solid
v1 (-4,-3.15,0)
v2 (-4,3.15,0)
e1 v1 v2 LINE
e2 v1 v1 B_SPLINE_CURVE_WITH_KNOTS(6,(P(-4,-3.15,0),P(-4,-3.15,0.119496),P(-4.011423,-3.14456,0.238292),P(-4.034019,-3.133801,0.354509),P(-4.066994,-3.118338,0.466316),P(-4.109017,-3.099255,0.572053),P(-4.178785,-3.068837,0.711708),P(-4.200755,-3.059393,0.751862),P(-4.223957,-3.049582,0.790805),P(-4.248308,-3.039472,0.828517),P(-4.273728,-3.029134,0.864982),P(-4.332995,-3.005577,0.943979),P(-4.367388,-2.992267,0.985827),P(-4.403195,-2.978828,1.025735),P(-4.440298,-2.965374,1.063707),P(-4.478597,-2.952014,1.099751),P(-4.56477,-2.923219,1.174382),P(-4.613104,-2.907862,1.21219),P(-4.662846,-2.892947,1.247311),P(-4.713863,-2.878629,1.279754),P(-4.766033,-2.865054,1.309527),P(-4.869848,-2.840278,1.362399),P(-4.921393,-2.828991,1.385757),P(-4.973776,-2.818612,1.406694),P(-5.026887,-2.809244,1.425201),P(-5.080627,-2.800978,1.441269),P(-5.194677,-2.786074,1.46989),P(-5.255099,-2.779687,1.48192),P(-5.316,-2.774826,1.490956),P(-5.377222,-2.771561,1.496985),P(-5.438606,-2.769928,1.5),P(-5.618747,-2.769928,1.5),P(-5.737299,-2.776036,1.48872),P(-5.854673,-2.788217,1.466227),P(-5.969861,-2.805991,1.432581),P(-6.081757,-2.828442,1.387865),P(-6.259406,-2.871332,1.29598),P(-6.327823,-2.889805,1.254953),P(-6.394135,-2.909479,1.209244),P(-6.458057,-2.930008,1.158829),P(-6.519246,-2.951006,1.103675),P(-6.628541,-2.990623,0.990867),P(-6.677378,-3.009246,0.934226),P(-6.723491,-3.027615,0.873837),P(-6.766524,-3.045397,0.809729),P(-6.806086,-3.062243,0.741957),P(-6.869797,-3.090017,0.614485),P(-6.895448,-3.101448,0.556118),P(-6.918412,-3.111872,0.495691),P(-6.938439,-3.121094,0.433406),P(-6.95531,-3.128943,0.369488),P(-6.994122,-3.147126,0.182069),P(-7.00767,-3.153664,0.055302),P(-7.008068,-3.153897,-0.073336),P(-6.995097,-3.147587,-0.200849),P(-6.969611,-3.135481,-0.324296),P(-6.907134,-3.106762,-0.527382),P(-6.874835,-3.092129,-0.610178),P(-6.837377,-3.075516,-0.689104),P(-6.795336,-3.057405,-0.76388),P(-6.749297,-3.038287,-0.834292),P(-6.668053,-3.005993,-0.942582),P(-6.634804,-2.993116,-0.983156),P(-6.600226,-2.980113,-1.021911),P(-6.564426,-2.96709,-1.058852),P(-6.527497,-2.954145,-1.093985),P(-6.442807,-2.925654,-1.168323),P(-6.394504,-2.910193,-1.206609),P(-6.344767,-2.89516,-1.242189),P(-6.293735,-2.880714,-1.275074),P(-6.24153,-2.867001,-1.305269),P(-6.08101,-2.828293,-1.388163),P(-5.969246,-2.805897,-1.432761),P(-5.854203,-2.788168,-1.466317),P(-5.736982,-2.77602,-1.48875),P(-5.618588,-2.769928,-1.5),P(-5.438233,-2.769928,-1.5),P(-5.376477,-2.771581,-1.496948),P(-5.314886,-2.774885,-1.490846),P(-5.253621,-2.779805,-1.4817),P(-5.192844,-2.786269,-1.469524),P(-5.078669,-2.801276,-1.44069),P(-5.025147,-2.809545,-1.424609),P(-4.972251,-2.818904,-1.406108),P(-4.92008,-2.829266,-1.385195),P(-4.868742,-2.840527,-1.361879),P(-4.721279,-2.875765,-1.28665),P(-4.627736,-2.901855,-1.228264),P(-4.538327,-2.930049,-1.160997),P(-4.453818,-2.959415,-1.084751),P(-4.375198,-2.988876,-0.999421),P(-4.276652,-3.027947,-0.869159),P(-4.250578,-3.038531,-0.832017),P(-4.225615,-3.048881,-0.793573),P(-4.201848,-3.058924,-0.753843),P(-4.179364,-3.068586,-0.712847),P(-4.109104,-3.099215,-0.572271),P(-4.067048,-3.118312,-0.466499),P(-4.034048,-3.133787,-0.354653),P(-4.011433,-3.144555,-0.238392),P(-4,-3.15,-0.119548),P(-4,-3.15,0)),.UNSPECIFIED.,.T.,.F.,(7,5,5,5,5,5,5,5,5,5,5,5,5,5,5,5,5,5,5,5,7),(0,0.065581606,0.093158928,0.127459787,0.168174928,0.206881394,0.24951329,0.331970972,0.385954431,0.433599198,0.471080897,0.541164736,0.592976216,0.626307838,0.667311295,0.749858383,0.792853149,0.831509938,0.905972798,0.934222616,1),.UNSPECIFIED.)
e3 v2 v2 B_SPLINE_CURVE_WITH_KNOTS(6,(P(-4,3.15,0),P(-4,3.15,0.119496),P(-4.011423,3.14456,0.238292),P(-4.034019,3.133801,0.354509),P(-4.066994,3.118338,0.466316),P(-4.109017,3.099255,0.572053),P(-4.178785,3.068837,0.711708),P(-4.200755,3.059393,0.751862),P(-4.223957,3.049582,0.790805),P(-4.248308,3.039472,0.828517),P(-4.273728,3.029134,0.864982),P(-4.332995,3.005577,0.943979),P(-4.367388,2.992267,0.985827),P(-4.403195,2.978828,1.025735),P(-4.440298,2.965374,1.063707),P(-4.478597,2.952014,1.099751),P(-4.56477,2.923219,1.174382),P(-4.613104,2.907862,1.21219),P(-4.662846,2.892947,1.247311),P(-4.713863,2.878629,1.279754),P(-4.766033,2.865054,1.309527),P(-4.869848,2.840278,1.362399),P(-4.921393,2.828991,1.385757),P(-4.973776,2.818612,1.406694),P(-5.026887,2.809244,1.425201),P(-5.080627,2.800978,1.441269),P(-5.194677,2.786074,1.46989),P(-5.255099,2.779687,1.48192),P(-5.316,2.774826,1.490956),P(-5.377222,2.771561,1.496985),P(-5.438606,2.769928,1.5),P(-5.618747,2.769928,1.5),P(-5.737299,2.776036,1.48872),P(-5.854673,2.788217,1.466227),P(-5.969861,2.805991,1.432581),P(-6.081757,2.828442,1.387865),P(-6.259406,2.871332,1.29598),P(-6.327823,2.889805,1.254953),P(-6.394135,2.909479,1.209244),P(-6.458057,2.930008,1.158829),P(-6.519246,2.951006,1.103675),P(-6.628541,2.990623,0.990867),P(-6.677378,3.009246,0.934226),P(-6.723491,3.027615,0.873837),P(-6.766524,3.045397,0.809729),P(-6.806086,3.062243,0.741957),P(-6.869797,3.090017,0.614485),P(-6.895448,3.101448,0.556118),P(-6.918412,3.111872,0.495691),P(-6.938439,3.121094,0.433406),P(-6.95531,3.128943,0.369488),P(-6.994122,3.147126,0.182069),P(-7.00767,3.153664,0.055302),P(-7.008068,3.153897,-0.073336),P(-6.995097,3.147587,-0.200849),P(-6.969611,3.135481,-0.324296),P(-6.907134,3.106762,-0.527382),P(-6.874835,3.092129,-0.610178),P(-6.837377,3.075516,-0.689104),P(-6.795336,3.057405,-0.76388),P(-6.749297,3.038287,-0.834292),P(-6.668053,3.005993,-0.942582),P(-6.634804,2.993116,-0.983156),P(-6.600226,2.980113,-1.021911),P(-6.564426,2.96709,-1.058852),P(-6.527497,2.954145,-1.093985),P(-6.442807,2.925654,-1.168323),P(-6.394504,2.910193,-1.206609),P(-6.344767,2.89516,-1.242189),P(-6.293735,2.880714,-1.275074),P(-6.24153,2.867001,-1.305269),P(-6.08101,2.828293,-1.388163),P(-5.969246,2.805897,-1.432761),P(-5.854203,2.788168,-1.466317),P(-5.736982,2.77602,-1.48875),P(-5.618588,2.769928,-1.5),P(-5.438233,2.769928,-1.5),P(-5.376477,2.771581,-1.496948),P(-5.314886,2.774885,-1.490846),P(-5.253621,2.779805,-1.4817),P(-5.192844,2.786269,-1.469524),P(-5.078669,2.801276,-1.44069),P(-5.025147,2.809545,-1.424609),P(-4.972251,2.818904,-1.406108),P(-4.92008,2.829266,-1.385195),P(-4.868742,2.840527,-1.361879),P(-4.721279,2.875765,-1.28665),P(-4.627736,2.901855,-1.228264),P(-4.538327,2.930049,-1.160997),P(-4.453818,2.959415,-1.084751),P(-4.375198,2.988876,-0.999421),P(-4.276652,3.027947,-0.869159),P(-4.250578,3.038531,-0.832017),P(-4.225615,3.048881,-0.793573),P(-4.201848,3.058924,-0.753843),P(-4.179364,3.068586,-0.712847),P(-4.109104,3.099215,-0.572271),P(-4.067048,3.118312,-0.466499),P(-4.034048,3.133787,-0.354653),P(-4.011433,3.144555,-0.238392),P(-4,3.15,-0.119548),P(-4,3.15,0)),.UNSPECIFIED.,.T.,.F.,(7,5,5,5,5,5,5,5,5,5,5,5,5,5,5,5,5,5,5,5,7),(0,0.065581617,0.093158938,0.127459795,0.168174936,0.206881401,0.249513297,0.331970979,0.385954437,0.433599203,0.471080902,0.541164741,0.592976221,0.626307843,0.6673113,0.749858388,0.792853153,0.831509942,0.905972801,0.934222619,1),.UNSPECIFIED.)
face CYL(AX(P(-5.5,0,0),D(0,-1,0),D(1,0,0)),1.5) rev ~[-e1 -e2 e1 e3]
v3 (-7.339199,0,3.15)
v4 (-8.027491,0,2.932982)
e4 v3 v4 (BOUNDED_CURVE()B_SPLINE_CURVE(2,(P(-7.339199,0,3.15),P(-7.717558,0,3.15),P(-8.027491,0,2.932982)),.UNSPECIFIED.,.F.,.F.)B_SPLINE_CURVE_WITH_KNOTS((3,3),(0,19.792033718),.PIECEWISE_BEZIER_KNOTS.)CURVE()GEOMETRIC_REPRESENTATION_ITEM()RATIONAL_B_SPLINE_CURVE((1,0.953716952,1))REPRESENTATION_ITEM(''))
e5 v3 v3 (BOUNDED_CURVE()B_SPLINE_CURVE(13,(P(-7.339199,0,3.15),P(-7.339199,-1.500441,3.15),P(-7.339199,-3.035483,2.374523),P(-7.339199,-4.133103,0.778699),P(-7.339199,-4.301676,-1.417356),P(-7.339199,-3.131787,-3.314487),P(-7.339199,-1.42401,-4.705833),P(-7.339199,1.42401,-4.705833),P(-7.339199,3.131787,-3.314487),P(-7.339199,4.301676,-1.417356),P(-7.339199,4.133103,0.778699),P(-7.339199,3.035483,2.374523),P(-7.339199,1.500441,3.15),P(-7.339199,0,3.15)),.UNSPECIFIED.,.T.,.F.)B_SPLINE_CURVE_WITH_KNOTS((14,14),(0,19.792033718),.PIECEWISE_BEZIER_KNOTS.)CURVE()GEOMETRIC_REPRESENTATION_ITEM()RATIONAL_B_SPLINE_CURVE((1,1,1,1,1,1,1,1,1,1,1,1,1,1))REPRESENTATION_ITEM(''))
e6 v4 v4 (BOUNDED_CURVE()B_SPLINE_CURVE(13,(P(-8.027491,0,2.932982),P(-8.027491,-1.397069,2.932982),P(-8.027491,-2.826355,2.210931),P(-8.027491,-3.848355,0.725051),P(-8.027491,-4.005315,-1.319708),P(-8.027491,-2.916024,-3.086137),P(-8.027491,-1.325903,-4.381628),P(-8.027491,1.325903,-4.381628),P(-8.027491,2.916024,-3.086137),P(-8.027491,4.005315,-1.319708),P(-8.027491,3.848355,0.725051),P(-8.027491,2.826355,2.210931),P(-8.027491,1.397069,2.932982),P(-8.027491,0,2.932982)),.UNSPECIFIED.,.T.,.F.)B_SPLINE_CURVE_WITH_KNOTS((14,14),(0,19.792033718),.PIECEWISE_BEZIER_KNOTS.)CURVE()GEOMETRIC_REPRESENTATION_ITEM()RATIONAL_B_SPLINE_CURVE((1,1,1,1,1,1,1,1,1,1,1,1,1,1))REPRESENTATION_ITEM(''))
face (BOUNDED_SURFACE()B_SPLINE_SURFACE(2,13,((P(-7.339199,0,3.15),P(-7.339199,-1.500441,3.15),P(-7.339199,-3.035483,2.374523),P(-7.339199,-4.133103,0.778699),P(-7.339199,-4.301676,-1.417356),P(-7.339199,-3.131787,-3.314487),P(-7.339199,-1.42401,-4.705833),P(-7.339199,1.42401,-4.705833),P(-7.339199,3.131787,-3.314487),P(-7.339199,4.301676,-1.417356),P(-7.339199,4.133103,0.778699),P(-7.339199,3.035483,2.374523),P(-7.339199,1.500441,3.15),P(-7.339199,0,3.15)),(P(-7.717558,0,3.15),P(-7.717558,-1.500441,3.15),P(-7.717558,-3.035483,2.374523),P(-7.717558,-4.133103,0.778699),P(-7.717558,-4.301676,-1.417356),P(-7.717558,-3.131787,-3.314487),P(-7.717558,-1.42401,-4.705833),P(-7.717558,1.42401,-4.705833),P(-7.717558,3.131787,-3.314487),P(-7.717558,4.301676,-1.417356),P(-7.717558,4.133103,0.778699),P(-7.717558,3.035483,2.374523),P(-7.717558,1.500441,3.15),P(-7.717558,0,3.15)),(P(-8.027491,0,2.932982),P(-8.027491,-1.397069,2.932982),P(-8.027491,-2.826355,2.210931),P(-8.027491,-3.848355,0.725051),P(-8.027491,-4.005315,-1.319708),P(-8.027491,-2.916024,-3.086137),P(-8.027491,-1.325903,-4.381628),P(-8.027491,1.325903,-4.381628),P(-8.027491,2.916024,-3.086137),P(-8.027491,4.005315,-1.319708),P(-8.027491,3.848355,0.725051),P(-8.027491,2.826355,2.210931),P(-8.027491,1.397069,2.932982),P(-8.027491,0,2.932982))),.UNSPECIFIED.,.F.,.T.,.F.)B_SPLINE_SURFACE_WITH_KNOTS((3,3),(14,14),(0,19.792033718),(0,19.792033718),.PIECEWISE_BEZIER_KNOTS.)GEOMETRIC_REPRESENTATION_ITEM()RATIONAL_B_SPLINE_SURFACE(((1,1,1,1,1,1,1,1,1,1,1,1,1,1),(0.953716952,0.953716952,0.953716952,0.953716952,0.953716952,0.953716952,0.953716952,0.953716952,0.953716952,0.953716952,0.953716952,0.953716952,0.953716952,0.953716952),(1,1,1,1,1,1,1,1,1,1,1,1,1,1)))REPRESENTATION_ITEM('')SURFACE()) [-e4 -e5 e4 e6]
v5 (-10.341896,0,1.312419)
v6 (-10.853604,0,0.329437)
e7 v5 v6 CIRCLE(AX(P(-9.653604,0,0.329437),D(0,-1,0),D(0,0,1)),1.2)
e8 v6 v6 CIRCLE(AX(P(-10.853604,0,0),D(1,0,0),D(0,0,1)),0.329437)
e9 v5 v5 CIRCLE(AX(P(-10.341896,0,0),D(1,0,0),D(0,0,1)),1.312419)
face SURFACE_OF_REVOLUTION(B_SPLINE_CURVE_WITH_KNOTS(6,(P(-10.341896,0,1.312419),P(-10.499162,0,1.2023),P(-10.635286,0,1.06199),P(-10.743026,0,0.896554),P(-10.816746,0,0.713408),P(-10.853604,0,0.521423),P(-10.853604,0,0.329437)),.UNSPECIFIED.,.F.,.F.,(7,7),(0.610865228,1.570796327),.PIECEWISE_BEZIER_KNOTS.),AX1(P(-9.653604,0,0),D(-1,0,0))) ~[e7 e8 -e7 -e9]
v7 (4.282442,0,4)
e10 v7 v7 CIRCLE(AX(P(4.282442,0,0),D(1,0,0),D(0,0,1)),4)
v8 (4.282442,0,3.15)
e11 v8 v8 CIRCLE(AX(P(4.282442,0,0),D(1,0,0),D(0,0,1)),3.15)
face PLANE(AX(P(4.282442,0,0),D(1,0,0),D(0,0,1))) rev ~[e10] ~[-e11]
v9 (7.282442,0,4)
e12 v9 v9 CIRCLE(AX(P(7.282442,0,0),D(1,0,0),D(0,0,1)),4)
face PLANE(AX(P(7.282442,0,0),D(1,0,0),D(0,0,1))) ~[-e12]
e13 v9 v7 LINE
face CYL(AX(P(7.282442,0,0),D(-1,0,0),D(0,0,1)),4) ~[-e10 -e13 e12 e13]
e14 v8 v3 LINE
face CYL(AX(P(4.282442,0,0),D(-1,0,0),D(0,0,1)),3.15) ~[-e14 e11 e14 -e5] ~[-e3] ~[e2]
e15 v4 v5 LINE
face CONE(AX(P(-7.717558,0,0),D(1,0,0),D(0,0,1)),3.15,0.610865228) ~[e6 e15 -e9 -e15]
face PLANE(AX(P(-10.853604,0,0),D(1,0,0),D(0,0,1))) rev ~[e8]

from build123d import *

# Parameters (mm, degrees)
F2_R     = 1.2
F3_R     = 1.5
F4_DEPTH = 4.001
F5_R     = 1.5
F6_DEPTH = 4.001


with BuildPart() as f1:
    # F0 (on Front) → F1 (revolve)
    with BuildSketch(Plane.XZ):
        Polygon((4.282442, 3.15), (-7.717558, 3.15), (-10.853604, 0.954117), (-10.853604, 0), (7.282442, 0), (7.282442, 4), (4.282442, 4), align=None)
    revolve(axis=Axis((2.625406, 0, 0), (1, 0, 0)))

    # F2
    f2_edges = [f1.edges().sort_by_distance(p)[0] for p in [
        (-10.853604, 0, -0.954117),
        (-7.717558, 0, -3.15),
    ]]
    fillet(f2_edges, radius=F2_R)

    # F3 (on Front) → F4 (cut, through all)
    with BuildSketch(Plane.XZ):
        with Locations((-5.5, 0)):
            Circle(F3_R)
    extrude(amount=F4_DEPTH, mode=Mode.SUBTRACT)

    # F5 (on Front) → F6 (cut, through all)
    with BuildSketch(Plane.XZ):
        with Locations((-5.5, 0)):
            Circle(F5_R)
    extrude(amount=-F6_DEPTH, mode=Mode.SUBTRACT)


solid = f1.part
